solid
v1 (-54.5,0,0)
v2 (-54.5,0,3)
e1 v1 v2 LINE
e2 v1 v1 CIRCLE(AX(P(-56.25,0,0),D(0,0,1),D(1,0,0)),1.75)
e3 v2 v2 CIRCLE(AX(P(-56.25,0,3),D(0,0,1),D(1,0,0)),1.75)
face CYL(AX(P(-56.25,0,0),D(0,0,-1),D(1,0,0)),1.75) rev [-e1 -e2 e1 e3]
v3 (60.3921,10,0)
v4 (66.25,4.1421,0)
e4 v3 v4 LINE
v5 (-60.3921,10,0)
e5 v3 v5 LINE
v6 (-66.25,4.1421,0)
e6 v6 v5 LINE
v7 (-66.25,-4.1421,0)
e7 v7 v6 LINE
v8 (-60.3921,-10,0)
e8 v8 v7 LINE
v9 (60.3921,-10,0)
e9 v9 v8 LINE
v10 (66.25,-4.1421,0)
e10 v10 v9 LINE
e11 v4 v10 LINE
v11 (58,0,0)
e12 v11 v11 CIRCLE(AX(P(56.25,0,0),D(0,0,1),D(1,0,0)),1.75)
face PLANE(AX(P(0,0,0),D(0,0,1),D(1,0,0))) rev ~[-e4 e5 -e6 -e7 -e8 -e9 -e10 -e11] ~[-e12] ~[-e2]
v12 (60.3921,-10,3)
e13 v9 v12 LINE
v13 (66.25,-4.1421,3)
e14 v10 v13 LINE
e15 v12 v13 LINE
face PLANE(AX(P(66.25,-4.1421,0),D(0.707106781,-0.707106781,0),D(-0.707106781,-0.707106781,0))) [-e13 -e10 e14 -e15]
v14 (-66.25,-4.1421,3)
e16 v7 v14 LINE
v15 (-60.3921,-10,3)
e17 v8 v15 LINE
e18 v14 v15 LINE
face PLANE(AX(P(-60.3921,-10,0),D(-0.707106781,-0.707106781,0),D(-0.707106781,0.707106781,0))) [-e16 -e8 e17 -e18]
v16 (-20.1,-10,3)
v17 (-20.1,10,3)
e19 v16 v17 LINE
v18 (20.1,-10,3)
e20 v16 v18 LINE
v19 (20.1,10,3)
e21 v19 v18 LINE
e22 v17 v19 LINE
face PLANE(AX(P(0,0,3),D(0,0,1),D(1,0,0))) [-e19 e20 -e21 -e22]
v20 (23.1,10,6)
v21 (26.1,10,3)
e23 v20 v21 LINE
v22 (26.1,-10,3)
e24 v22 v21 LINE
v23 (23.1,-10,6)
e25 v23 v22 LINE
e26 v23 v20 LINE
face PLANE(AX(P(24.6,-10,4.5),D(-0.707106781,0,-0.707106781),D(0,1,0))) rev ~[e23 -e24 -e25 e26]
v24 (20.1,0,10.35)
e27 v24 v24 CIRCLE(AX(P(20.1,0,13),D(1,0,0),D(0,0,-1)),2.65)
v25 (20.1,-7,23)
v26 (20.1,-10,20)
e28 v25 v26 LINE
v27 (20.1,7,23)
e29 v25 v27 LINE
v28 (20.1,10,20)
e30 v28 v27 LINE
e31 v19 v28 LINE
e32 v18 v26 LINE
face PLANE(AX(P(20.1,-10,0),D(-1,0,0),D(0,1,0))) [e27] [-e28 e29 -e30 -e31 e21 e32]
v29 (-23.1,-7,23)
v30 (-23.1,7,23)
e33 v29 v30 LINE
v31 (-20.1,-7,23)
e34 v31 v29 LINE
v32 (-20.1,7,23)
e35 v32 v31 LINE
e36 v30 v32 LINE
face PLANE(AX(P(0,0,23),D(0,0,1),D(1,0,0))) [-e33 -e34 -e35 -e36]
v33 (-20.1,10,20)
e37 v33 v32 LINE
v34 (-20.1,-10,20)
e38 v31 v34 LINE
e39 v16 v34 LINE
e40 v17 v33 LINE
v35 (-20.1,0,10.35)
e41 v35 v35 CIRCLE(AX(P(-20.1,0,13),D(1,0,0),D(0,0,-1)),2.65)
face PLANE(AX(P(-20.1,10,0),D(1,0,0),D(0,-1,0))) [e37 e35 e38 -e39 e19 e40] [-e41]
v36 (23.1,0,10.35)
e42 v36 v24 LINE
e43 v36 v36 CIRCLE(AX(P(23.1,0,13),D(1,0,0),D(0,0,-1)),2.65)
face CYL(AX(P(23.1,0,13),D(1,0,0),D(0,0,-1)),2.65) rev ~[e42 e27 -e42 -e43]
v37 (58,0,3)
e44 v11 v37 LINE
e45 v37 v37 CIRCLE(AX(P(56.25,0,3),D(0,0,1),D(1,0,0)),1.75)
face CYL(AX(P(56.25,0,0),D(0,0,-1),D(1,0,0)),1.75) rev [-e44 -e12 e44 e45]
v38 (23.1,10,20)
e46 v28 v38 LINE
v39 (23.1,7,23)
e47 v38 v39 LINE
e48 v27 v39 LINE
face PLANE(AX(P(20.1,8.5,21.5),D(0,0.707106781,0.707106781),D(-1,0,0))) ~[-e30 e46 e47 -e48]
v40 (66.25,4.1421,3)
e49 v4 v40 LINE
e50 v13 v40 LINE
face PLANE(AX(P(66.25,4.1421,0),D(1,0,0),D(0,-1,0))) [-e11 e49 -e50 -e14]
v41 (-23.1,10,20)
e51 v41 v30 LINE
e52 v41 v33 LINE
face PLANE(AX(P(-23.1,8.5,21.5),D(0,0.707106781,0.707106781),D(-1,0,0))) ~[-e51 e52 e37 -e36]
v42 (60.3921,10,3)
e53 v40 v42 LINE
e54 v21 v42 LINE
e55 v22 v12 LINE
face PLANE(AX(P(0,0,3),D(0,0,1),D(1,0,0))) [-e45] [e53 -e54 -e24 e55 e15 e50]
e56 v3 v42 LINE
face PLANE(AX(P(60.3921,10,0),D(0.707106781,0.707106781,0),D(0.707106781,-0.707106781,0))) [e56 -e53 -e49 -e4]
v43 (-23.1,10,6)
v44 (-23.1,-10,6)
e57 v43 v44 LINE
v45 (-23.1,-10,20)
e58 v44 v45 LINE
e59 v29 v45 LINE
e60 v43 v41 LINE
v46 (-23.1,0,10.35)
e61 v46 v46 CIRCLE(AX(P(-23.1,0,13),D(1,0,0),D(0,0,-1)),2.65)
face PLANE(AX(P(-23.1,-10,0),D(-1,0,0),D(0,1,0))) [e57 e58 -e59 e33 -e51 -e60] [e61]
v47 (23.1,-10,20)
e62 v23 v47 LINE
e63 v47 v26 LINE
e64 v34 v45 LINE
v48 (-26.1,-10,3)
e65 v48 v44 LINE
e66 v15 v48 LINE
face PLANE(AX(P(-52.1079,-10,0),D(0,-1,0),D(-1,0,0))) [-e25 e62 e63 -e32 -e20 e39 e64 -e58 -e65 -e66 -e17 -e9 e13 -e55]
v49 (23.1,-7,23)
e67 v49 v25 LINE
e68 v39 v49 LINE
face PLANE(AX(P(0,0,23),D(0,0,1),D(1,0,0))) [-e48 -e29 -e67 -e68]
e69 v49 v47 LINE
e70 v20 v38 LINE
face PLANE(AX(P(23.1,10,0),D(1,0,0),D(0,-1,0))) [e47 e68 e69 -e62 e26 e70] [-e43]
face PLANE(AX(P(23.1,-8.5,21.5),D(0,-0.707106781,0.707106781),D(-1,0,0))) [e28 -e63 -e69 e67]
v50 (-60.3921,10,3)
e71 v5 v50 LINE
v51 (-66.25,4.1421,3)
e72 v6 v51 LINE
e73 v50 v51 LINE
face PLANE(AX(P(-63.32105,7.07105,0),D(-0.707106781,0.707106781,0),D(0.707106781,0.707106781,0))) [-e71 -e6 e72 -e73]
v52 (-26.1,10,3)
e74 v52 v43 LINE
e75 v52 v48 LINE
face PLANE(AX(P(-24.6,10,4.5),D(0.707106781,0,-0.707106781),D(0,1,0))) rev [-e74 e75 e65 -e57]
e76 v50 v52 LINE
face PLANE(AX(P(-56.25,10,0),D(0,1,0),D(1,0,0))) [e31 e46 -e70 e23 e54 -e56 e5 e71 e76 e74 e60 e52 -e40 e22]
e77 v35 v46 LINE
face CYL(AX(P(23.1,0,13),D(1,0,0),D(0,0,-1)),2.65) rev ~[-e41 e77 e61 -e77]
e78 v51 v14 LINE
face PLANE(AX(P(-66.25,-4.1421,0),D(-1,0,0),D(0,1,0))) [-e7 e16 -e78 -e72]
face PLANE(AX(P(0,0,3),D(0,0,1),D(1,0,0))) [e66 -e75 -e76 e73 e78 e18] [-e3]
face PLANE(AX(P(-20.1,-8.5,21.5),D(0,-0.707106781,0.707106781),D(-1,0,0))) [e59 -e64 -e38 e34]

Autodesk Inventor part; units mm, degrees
ref_plane "YZ Plane" through (0, 0, 0) normal (1, 0, 0) x (0, 1, 0)
ref_plane "XZ Plane" through (0, 0, 0) normal (0, 1, 0) x (-1, 0, 0)
ref_plane "XY Plane" through (0, 0, 0) normal (0, 0, 1) x (1, 0, 0)
sketch "Sketch1" plane through (0, 0, 0) normal (0, 0, 1) x (1, 0, 0)
  line L0 (-56.25, 0) -> (56.25, 0) construction
  circle A0 centre (-56.25, 0) radius 1.75
  circle A1 centre (56.25, 0) radius 1.75
  line L1 (-56.25, 0) -> (56.25, 0) construction
  line L2 (-56.25, 10) -> (56.25, 10)
  line L3 (56.25, -10) -> (-56.25, -10)
  arc A2 (-56.25, 10) -> (-56.25, -10) centre (-56.25, 0) ccw
  arc A3 (56.25, -10) -> (56.25, 10) centre (56.25, 0) ccw
  line L4 (-23.1, 10) -> (-20.1, 10)
  line L5 (-20.1, 10) -> (-20.1, -10)
  line L6 (-20.1, -10) -> (-23.1, -10)
  line L7 (-23.1, -10) -> (-23.1, 10)
  line L8 (20.1, 10) -> (23.1, 10)
  line L9 (23.1, 10) -> (23.1, -10)
  line L10 (23.1, -10) -> (20.1, -10)
  line L11 (20.1, -10) -> (20.1, 10)
  line L12 (-20.1, 0) -> (20.1, 0) construction
  line L13 (0, 0) -> (0, 10) construction
  line L14 (-66.25, -4.1421) -> (-66.25, 4.1421)
  line L15 (-66.25, 4.1421) -> (-60.3921, 10)
  line L16 (-60.3921, 10) -> (-52.1079, 10)
  line L17 (-52.1079, 10) -> (-46.25, 4.1421)
  line L18 (-46.25, 4.1421) -> (-46.25, -4.1421)
  line L19 (-46.25, -4.1421) -> (-52.1079, -10)
  line L20 (-52.1079, -10) -> (-60.3921, -10)
  line L21 (-60.3921, -10) -> (-66.25, -4.1421)
  line L22 (60.3921, -10) -> (52.1079, -10)
  line L23 (52.1079, -10) -> (46.25, -4.1421)
  line L24 (46.25, -4.1421) -> (46.25, 4.1421)
  line L25 (46.25, 4.1421) -> (52.1079, 10)
  line L26 (52.1079, 10) -> (60.3921, 10)
  line L27 (60.3921, 10) -> (66.25, 4.1421)
  line L28 (66.25, 4.1421) -> (66.25, -4.1421)
  line L29 (66.25, -4.1421) -> (60.3921, -10)
  point P0 (63.3211, -7.0711)
  point P1 (66.25, 0)
  point P2 (56.25, -10)
  point P3 (63.3211, 7.0711)
  point P4 (56.25, 10)
  point P5 (-63.3211, -7.0711)
  point P6 (-66.25, 0)
  point P7 (-63.3211, 7.0711)
  dimension "d0" = 112.5
  dimension "d1" = 3.5
  dimension "d4" = 10
  dimension "d5" = 3
  dimension "d6" = 3
  dimension "d7" = 40.2
extrude "Extrusion1" add sketch "Sketch1" along normal blind 3
extrude "Extrusion2" add sketch "Sketch1" along normal blind 23 contours L2 L5 L3 L7 | L2 L9 L3 L11
sketch "Sketch2" plane through (23.1, -10, 3) normal (1, 0, 0) x (0, 0, -1)
  line L0 (0, 0) -> (-20, 20) construction
  circle A0 centre (-10, 10) radius 2.65
  point P0 (3, 10)
  dimension "d12" = 5.3
extrude "Extrusion3" cut sketch "Sketch2" against normal through all
chamfer "Chamfer1" distance 3 angle 45 6 edges at (23.1, 0, 3) (-23.1, 0, 3) (21.6, 10, 23) (21.6, -10, 23) (-21.6, -10, 23) (-21.6, 10, 23)
properties part number "soporte router"
